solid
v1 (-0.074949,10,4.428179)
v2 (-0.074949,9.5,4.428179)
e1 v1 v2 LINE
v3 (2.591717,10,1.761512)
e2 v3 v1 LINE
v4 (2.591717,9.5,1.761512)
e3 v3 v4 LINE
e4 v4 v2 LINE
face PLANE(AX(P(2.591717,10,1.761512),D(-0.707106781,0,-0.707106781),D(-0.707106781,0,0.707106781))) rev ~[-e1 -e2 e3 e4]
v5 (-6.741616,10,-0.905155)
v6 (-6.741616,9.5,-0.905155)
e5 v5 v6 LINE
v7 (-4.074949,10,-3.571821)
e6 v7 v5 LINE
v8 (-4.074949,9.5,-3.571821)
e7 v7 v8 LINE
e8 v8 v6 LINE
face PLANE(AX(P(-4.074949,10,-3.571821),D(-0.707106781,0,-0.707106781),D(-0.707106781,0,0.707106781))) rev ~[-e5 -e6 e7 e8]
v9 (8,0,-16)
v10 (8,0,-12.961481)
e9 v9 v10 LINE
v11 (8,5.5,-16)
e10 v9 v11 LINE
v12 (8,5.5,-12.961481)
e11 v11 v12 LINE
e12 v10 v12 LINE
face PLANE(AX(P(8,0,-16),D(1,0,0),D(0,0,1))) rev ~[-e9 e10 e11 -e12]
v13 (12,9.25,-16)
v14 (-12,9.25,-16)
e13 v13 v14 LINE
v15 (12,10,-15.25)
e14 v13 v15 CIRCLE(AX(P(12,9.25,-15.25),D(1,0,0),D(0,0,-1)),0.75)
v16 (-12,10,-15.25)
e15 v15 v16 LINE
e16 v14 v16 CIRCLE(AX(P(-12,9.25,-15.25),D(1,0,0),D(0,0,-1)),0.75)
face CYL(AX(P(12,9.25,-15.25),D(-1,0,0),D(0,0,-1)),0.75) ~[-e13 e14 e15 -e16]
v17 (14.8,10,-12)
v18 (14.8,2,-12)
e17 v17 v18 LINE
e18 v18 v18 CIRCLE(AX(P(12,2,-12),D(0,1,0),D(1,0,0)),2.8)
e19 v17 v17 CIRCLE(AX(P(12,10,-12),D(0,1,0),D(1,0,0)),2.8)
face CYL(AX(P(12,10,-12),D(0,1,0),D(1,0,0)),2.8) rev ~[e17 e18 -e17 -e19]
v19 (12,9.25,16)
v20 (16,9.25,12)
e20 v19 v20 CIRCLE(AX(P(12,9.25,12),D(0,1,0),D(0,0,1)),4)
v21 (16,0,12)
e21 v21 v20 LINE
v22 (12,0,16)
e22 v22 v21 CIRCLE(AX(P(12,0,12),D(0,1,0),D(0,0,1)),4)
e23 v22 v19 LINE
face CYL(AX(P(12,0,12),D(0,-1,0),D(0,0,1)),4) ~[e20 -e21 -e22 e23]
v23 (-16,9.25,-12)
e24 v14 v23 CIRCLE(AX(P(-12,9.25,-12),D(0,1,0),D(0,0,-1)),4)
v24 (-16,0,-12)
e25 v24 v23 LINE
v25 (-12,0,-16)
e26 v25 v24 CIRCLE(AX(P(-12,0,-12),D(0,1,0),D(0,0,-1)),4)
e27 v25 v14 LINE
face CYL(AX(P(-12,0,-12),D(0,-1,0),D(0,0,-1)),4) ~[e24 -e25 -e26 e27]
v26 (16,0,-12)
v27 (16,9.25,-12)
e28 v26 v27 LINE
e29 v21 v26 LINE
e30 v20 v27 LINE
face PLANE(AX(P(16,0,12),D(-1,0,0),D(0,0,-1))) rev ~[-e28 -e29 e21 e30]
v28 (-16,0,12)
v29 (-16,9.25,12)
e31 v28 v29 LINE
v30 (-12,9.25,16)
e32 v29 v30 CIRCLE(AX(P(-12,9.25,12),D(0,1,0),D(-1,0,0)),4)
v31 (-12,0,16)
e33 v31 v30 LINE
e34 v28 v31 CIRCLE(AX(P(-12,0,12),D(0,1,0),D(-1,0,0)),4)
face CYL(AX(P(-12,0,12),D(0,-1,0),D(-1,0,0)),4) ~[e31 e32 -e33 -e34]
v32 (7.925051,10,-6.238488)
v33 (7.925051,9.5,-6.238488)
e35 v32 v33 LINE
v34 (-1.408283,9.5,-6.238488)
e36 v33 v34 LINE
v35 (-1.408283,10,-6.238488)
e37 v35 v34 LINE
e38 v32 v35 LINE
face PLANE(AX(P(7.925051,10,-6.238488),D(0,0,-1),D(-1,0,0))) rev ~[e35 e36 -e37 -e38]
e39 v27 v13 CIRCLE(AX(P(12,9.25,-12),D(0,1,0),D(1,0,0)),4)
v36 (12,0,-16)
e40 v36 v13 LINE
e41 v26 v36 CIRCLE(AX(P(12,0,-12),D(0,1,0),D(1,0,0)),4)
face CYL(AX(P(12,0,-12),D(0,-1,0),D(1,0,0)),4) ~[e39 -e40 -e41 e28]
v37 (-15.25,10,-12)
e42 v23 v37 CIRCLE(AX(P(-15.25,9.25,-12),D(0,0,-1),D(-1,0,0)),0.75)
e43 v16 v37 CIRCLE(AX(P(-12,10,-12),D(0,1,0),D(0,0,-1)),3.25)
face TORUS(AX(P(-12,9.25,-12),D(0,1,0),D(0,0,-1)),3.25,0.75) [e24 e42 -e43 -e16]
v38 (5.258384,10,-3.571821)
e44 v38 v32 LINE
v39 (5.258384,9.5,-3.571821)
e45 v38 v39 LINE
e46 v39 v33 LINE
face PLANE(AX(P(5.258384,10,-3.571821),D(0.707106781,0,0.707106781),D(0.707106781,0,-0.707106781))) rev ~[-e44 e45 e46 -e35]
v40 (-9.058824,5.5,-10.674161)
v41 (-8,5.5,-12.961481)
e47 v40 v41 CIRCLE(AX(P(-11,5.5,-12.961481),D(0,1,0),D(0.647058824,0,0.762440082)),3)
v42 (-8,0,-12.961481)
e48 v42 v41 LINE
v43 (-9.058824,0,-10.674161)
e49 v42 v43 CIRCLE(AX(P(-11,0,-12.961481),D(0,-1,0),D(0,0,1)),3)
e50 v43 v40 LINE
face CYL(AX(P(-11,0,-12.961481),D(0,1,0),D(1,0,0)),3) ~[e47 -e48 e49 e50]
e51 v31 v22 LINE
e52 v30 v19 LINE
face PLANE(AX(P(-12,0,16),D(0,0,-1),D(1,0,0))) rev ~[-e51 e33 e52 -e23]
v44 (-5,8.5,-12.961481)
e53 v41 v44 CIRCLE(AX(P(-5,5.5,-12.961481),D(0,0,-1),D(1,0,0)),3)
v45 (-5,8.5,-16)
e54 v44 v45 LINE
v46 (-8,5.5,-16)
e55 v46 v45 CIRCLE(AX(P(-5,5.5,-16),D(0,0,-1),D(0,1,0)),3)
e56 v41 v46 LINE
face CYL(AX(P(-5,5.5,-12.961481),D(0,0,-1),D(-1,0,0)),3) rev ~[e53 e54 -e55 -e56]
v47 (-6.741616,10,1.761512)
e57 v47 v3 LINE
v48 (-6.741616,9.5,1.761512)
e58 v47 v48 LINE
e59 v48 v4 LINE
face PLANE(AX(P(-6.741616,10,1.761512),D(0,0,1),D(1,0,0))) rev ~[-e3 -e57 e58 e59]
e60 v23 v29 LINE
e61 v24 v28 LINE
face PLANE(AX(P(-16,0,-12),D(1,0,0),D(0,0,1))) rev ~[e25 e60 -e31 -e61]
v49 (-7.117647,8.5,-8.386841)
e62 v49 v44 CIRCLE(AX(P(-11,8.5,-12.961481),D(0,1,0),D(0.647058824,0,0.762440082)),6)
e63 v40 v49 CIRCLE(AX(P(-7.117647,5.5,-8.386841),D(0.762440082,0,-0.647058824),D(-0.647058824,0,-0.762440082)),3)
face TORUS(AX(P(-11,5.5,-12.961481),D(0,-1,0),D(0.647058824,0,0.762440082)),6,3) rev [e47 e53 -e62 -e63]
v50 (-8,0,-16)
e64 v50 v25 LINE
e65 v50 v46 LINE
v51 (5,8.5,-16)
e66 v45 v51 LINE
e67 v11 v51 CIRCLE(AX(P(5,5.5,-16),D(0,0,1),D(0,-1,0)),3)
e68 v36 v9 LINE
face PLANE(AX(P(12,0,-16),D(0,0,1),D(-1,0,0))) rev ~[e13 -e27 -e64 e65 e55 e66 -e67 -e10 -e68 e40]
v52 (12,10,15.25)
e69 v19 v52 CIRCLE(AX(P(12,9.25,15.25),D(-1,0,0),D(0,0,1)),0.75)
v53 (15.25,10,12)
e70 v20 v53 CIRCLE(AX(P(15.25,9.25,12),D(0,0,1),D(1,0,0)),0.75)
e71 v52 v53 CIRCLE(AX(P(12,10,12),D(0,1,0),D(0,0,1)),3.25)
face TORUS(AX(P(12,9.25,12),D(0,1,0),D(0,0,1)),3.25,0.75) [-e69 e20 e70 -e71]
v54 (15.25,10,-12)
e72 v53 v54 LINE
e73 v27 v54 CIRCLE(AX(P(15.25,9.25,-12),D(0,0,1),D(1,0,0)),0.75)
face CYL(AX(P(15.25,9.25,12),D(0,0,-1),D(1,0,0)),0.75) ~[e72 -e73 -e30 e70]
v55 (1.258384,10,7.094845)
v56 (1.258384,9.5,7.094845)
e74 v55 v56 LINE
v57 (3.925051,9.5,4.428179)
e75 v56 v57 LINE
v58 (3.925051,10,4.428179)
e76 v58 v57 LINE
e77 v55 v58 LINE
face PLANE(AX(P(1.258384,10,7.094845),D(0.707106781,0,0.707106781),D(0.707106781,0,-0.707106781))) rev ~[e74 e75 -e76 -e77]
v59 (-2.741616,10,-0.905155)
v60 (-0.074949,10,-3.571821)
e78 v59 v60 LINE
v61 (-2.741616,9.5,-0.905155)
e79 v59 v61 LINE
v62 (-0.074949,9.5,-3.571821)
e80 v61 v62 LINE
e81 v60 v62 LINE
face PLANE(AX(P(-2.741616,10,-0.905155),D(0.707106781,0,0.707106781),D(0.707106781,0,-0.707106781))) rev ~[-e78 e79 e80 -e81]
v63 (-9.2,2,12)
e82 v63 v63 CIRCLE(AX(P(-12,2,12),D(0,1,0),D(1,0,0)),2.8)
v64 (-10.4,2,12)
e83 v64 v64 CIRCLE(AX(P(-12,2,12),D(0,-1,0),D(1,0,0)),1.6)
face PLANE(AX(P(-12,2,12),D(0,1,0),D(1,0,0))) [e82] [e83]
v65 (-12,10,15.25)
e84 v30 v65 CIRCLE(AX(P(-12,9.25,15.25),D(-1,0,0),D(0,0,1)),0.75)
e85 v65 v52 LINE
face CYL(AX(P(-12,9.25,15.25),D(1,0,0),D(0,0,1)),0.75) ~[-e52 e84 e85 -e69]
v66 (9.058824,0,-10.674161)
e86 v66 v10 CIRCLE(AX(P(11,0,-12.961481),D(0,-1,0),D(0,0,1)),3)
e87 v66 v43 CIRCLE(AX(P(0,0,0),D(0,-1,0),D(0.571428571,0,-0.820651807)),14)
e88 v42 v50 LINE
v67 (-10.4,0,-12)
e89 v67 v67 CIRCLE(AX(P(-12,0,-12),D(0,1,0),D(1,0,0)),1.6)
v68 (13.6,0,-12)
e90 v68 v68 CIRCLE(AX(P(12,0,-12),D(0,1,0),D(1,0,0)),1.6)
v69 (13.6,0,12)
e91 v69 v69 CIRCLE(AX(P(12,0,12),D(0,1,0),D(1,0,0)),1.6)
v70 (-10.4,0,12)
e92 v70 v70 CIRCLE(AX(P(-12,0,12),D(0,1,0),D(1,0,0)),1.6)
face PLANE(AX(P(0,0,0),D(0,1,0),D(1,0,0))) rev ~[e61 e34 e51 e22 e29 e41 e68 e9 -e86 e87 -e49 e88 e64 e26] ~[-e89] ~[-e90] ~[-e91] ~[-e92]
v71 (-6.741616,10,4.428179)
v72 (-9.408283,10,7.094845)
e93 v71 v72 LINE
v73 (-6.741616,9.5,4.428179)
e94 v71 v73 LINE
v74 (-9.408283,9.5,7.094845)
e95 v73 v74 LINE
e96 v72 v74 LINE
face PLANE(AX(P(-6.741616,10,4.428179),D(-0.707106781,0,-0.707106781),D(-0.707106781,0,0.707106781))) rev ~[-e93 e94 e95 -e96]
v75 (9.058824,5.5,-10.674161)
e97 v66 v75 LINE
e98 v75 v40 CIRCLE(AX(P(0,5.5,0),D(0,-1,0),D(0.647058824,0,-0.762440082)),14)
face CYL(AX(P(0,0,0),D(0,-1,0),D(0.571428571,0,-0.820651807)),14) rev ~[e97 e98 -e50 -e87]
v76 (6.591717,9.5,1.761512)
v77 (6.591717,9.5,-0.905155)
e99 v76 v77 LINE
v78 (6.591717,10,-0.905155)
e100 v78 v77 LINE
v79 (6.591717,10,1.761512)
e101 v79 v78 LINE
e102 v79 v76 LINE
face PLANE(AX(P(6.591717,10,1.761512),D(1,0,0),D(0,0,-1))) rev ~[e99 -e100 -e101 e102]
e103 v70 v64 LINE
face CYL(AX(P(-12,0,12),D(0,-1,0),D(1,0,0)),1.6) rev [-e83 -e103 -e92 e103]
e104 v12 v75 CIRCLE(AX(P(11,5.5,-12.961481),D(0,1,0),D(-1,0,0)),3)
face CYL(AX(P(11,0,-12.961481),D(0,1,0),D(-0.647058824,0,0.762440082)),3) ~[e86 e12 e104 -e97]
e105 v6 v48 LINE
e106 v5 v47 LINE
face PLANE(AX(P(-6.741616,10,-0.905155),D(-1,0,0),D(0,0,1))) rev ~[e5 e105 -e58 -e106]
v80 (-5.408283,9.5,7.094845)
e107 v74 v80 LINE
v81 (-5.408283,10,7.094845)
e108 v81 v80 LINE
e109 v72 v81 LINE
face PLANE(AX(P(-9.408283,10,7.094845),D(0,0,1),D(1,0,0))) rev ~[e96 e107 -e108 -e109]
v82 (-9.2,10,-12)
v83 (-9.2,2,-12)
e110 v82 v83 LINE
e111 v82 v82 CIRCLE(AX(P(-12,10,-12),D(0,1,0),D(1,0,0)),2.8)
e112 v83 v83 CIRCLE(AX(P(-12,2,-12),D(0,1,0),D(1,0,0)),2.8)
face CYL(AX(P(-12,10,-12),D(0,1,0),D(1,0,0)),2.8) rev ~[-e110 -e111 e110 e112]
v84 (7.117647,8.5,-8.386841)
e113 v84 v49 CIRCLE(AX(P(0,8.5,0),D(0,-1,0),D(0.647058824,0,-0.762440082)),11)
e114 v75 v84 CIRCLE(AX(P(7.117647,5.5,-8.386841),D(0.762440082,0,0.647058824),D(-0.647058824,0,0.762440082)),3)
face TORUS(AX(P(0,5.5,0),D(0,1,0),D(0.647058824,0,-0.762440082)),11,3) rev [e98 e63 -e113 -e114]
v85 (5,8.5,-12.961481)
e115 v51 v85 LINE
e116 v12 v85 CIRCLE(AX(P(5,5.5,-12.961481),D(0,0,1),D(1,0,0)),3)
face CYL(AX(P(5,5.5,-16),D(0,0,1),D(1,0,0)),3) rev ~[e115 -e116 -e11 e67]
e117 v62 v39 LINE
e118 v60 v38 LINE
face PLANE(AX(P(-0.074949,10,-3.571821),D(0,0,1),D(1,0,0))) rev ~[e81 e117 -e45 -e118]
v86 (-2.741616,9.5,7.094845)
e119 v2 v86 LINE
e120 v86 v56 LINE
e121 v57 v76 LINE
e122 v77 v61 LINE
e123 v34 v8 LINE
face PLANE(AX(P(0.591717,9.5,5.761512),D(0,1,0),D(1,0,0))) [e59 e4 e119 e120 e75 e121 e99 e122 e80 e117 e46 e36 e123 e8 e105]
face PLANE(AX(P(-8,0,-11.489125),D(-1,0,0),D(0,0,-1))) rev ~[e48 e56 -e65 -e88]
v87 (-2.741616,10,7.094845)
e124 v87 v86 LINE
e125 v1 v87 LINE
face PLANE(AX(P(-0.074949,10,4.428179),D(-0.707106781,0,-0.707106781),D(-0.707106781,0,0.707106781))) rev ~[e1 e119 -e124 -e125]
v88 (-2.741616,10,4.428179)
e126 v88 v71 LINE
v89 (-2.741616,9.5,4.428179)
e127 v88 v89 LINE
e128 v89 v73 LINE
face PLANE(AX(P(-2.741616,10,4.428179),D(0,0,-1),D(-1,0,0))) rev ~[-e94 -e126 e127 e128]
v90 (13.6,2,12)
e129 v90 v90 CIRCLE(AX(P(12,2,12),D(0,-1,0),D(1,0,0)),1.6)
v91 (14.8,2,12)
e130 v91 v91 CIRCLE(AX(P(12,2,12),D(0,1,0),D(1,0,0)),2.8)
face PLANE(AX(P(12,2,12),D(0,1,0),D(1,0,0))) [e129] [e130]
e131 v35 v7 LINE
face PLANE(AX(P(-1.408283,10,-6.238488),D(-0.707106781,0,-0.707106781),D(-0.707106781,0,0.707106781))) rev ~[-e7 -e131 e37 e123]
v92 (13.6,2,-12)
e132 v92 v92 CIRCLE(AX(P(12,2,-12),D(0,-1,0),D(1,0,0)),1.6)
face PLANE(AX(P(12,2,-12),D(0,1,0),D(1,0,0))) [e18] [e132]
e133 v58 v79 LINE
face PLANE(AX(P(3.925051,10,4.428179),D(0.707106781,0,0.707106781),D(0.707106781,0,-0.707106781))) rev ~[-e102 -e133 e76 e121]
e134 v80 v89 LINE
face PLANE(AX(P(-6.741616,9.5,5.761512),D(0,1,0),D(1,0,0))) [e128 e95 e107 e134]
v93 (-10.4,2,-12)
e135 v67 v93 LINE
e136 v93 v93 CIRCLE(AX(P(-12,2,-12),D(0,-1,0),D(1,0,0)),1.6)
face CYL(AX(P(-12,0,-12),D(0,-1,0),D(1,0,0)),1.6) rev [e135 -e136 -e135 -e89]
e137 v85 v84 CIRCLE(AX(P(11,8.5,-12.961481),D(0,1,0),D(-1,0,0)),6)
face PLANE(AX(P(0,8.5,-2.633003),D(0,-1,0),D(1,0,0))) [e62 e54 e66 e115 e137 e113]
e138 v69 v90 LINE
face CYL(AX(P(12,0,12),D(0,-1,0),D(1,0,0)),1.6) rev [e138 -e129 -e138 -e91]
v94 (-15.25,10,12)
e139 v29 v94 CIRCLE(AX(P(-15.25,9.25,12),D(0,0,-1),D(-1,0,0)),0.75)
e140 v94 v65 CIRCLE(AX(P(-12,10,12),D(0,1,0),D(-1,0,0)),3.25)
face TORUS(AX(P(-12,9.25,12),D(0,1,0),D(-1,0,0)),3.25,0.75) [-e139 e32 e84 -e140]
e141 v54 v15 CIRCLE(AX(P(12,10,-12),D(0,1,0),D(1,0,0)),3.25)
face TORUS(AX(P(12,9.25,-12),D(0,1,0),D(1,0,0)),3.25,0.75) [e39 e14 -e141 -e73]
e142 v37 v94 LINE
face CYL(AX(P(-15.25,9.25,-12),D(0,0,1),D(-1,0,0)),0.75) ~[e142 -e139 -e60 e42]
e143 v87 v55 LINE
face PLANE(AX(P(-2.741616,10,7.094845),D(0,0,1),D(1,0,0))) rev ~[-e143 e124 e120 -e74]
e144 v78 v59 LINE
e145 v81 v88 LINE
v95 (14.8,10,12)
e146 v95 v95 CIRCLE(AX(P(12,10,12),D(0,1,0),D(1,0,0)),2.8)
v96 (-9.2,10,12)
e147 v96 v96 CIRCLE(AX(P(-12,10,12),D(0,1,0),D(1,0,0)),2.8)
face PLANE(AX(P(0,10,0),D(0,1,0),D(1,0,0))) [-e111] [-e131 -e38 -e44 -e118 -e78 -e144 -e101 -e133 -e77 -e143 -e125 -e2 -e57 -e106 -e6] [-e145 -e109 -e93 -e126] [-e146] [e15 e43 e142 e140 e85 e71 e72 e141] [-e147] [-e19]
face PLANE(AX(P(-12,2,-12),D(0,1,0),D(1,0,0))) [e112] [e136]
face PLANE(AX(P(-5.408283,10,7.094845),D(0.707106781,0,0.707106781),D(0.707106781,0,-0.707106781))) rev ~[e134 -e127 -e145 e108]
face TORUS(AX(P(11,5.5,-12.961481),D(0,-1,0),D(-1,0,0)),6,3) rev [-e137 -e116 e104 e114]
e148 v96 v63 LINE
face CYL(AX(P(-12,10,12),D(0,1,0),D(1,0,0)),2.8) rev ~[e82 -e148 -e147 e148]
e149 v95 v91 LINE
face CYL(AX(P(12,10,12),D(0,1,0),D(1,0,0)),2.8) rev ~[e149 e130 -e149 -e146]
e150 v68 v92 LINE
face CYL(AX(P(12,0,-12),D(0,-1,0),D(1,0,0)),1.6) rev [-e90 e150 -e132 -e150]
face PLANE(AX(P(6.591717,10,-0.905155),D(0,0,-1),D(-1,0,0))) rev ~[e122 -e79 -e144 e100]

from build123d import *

# Parameters (mm, degrees)
SKETCH1_R           = 1.6
BOSS_EXTRUDE1_DEPTH = 10
CUT_EXTRUDE1_DEPTH  = 8.5
SKETCH3_R           = 2.8
CUT_EXTRUDE2_DEPTH  = 8
FILLET1_R           = 3
FILLET2_R           = 3
FILLET3_R           = 0.75
CUT_EXTRUDE3_DEPTH  = 0.5


with BuildPart() as part:
    # Sketch1 → Boss-Extrude1 (new body)
    with BuildSketch(Plane(origin=(0, 0, 0), x_dir=(1, 0, 0), z_dir=(0, 1, 0))):
        with BuildLine():
            ThreePointArc((12, -16), (14.828427125, -14.828427125), (16, -12))
            Line((16, -12), (16, 12))
            ThreePointArc((16, 12), (14.828427125, 14.828427125), (12, 16))
            Line((12, 16), (-12, 16))
            ThreePointArc((-12, 16), (-14.828427125, 14.828427125), (-16, 12))
            Line((-16, 12), (-16, -12))
            ThreePointArc((-16, -12), (-14.828427125, -14.828427125), (-12, -16))
            Line((-12, -16), (12, -16))
        make_face()
        with Locations((-12, -12)):
            Circle(SKETCH1_R, mode=Mode.SUBTRACT)
        with Locations((12, -12)):
            Circle(SKETCH1_R, mode=Mode.SUBTRACT)
        with Locations((-12, 12)):
            Circle(SKETCH1_R, mode=Mode.SUBTRACT)
        with Locations((12, 12)):
            Circle(SKETCH1_R, mode=Mode.SUBTRACT)
    extrude(amount=BOSS_EXTRUDE1_DEPTH)

    # Sketch2 → Cut-Extrude1 (cut)
    with BuildSketch(Plane.XZ):
        with BuildLine():
            Line((-8, -16), (8, -16))
            Line((8, -16), (8, -11.489125293))
            ThreePointArc((8, -11.489125293), (0, 14), (-8, -11.489125293))
            Line((-8, -11.489125293), (-8, -16))
        make_face()
    extrude(amount=-CUT_EXTRUDE1_DEPTH, mode=Mode.SUBTRACT)

    # Sketch3 → Cut-Extrude2 (cut)
    with BuildSketch(Plane(origin=(0, 10, 0), x_dir=(1, 0, 0), z_dir=(0, 1, 0))):
        with Locations((-12, 12)):
            Circle(SKETCH3_R)
        with Locations((12, 12)):
            Circle(SKETCH3_R)
        with Locations((12, -12)):
            Circle(SKETCH3_R)
        with Locations((-12, -12)):
            Circle(SKETCH3_R)
    extrude(amount=-CUT_EXTRUDE2_DEPTH, mode=Mode.SUBTRACT)

    # Fillet1
    fillet1_edges = [part.edges().sort_by_distance(p)[0] for p in [
        (8, 4.25, -11.489125293),
        (-8, 4.25, -11.489125293),
    ]]
    fillet(fillet1_edges, radius=FILLET1_R)

    # Fillet2
    fillet2_edges = [part.edges().sort_by_distance(p)[0] for p in [
        (8, 8.5, -14.480740698),
        (-8, 8.5, -14.480740698),
        (0, 8.5, 14),
        (-8.277544361, 8.5, -11.701229321),
        (8.277544361, 8.5, -11.701229321),
    ]]
    fillet(fillet2_edges, radius=FILLET2_R)

    # Fillet3
    fillet3_edges = [part.edges().sort_by_distance(p)[0] for p in [
        (0, 10, 16),
        (14.828427125, 10, 14.828427125),
        (16, 10, 0),
        (14.828427125, 10, -14.828427125),
        (0, 10, -16),
        (-14.828427125, 10, -14.828427125),
        (-16, 10, 0),
        (-14.828427125, 10, 14.828427125),
    ]]
    fillet(fillet3_edges, radius=FILLET3_R)

    # Sketch6 → Cut-Extrude3 (cut)
    with BuildSketch(Plane(origin=(0, 10, 0), x_dir=(1, 0, 0), z_dir=(0, 1, 0))):
        Polygon((-6.741615885, -7.094845439), (-4.074949219, -4.428178772), (-6.741615885, -4.428178772), (-9.408282552, -7.094845439), align=None)
        Polygon((-2.741615885, -4.428178772), (-4.074949219, -4.428178772), (-6.741615885, -7.094845439), (-5.408282552, -7.094845439), align=None)
        Polygon((1.258384115, -7.094845439), (3.925050781, -4.428178772), (-0.074949219, -4.428178772), (-2.741615885, -7.094845439), align=None)
        Polygon((3.925050781, -4.428178772), (6.591717448, -1.761512106), (2.591717448, -1.761512106), (-0.074949219, -4.428178772), align=None)
        Polygon((6.591717448, 0.905154561), (5.258384115, 0.905154561), (2.591717448, -1.761512106), (6.591717448, -1.761512106), align=None)
        Polygon((2.591717448, -1.761512106), (5.258384115, 0.905154561), (1.258384115, 0.905154561), (-1.408282552, -1.761512106), align=None)
        Polygon((-1.408282552, -1.761512106), (1.258384115, 0.905154561), (-2.741615885, 0.905154561), (-5.408282552, -1.761512106), align=None)
        Polygon((-5.408282552, -1.761512106), (-2.741615885, 0.905154561), (-6.741615885, 0.905154561), (-6.741615885, -1.761512106), align=None)
        Polygon((-2.741615885, 0.905154561), (-0.074949219, 3.571821228), (-4.074949219, 3.571821228), (-6.741615885, 0.905154561), align=None)
        Polygon((-0.074949219, 3.571821228), (2.591717448, 6.238487894), (-1.408282552, 6.238487894), (-4.074949219, 3.571821228), align=None)
        Polygon((3.925050781, 3.571821228), (6.591717448, 6.238487894), (2.591717448, 6.238487894), (-0.074949219, 3.571821228), align=None)
        Polygon((5.258384115, 3.571821228), (7.925050781, 6.238487894), (6.591717448, 6.238487894), (3.925050781, 3.571821228), align=None)
    extrude(amount=-CUT_EXTRUDE3_DEPTH, mode=Mode.SUBTRACT)


solid = part.part
